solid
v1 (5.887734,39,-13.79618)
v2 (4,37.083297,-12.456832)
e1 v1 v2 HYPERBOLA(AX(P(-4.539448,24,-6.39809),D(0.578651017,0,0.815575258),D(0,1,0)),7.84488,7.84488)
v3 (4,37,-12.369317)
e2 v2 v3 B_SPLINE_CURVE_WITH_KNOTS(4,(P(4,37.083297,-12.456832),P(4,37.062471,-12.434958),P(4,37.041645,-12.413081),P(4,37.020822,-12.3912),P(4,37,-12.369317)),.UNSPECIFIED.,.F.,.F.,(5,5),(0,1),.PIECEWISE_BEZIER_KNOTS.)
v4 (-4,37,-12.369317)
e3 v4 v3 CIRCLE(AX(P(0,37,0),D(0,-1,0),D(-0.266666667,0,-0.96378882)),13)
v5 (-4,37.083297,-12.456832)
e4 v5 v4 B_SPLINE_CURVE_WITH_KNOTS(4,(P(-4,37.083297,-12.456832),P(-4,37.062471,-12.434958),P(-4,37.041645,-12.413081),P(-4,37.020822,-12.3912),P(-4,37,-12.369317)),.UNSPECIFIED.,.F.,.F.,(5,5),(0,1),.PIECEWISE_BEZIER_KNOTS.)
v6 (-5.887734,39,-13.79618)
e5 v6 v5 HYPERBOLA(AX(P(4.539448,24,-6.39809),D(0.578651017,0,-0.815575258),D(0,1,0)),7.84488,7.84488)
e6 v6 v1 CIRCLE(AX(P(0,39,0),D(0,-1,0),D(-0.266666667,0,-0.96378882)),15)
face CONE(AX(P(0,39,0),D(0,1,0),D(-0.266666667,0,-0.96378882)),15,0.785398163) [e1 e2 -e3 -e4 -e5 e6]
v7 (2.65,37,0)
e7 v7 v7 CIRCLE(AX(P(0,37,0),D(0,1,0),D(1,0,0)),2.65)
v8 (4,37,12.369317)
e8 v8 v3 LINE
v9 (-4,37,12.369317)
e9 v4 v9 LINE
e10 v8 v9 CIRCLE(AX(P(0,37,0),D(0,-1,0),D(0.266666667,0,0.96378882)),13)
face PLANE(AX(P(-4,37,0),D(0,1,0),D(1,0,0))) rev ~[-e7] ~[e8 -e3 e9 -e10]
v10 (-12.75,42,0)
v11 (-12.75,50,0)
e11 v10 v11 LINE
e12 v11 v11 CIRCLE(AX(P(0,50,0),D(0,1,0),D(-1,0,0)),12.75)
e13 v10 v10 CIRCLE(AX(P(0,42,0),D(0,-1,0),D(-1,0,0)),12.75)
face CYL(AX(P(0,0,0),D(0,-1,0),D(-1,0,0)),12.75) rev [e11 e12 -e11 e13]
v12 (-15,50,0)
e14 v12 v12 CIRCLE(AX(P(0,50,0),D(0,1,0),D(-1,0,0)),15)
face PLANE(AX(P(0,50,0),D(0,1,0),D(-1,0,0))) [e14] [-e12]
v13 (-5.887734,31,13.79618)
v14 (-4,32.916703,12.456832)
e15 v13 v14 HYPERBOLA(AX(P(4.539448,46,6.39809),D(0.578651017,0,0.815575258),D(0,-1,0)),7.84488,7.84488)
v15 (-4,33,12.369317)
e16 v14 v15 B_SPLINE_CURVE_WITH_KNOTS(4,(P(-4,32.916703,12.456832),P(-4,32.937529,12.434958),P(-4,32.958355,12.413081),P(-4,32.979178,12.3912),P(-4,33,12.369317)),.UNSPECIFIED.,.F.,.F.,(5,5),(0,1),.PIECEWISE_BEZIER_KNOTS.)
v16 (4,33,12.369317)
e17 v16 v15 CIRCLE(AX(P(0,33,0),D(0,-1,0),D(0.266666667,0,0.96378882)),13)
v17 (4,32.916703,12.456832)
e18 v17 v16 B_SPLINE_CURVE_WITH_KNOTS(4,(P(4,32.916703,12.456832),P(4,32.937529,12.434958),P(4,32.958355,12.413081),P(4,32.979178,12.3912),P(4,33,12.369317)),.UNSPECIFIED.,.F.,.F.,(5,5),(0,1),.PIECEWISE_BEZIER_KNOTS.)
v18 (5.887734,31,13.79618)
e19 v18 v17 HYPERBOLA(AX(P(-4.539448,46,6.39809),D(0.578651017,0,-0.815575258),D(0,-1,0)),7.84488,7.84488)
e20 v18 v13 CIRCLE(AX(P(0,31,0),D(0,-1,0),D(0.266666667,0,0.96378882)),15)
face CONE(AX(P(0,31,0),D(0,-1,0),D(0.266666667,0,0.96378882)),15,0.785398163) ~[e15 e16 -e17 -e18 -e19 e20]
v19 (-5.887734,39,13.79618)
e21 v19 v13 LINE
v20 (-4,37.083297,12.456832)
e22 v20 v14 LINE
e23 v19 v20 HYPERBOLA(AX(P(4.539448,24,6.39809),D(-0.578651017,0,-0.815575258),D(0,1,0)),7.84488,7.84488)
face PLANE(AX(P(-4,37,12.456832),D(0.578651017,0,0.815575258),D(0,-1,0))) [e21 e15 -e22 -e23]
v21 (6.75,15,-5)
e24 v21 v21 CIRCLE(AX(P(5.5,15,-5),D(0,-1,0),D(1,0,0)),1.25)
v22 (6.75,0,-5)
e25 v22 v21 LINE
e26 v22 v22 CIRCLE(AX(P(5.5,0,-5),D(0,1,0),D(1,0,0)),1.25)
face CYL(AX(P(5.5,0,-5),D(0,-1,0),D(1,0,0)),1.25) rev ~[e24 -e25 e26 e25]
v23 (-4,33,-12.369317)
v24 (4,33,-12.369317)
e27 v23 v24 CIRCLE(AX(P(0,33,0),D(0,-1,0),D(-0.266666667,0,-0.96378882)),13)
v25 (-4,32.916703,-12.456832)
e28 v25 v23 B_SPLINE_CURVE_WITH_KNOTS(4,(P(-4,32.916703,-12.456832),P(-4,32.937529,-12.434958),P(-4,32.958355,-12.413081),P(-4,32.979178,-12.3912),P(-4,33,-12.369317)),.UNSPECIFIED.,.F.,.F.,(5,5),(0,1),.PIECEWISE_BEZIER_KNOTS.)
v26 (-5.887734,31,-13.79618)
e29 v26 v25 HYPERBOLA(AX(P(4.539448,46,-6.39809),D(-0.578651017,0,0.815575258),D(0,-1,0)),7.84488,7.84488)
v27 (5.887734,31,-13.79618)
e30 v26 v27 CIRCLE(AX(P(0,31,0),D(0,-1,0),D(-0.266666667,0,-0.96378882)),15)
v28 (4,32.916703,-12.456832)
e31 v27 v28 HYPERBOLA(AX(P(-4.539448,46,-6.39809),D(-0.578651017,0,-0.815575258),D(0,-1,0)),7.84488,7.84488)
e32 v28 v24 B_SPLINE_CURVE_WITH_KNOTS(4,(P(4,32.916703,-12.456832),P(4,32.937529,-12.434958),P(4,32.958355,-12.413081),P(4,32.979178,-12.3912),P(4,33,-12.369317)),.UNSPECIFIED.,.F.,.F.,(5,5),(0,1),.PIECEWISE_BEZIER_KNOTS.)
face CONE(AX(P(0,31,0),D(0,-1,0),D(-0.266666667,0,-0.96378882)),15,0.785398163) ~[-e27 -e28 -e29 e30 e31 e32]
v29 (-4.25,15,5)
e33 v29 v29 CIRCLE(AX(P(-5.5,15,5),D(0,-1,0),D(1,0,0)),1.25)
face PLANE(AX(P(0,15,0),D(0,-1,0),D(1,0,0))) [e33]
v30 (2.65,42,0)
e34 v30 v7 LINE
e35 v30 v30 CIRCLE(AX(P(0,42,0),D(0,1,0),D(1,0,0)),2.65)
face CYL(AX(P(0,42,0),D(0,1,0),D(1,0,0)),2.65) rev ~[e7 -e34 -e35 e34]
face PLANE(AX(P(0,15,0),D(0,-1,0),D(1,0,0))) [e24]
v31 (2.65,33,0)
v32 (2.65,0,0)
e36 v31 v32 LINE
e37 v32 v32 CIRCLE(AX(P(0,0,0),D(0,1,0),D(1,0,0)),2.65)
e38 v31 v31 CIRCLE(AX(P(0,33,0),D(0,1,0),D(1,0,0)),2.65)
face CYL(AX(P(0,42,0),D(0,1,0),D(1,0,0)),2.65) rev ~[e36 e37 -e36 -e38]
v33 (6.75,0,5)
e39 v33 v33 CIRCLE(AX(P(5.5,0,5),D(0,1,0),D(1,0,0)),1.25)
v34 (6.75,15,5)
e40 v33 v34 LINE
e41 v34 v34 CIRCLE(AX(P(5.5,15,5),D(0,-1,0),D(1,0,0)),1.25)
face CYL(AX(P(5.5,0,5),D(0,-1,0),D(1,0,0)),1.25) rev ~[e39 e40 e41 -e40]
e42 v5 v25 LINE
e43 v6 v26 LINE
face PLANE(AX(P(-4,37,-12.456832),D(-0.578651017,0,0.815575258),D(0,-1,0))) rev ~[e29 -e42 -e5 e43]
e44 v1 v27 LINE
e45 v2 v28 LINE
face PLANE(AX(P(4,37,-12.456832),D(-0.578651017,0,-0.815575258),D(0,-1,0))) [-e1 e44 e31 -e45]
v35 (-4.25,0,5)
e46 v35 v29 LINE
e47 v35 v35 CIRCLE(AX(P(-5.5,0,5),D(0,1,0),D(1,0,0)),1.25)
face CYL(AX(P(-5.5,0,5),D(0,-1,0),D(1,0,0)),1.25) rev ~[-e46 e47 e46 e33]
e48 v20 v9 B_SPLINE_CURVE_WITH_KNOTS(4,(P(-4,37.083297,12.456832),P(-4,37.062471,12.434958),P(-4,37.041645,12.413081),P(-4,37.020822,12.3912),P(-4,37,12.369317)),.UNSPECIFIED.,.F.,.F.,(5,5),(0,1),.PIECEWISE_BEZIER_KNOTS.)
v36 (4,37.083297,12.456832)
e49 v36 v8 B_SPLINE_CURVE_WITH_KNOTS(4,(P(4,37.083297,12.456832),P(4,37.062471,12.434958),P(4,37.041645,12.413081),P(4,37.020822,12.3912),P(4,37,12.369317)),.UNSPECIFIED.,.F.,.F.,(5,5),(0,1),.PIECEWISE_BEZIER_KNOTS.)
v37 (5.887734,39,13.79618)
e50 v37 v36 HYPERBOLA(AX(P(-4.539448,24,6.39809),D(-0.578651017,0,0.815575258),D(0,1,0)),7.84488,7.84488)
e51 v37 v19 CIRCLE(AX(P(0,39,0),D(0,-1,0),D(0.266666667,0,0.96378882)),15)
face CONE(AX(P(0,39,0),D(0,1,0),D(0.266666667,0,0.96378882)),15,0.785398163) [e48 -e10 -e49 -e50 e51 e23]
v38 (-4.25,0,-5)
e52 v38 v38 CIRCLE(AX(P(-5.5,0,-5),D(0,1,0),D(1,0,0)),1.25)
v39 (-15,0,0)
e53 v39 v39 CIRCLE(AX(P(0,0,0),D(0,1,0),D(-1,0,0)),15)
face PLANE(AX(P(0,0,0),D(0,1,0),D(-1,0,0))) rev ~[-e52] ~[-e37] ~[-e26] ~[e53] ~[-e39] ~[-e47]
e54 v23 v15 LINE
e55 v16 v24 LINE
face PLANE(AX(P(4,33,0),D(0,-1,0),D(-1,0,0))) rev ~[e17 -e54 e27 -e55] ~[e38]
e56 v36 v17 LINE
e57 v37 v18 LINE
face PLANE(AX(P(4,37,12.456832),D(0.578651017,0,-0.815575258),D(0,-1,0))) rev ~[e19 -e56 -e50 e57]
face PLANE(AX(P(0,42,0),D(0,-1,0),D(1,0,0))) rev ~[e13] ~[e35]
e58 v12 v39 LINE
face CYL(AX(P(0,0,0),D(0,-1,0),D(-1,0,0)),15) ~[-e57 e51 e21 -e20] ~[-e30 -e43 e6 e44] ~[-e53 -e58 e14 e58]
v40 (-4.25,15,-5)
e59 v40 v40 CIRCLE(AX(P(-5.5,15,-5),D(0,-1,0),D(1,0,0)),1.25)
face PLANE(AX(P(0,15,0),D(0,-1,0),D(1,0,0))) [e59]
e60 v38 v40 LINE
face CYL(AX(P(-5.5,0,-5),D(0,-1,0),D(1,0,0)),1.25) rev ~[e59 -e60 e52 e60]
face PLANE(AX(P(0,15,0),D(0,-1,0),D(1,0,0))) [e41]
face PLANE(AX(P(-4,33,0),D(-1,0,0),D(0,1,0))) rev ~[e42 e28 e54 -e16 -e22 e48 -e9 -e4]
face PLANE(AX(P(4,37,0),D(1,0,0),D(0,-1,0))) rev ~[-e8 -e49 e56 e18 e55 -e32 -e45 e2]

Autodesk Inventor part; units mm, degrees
ref_plane "YZ Plane" through (0, 0, 0) normal (1, 0, 0) x (0, 1, 0)
ref_plane "XZ Plane" through (0, 0, 0) normal (0, 1, 0) x (-1, 0, 0)
ref_plane "XY Plane" through (0, 0, 0) normal (0, 0, 1) x (1, 0, 0)
sketch "Эскиз1" plane through (0, 0, 0) normal (0, 1, 0) x (-1, 0, 0)
  circle A0 centre (0, 0) radius 15
  circle A1 centre (0, 0) radius 12.75
  dimension "d0" = 30
  dimension "d1" = 25.5
extrude "Выдавливание1" add sketch "Эскиз1" along normal blind 50
sketch "Эскиз2" plane through (0, 0, 0) normal (0, -1, 0) x (1, 0, 0)
  circle A0 centre (0, 0) radius 15 projected
extrude "Выдавливание2" add sketch "Эскиз2" against normal blind 42
sketch "Эскиз3" plane through (0, 0, 0) normal (0, -1, 0) x (1, 0, 0)
  circle A0 centre (-5.5, -5) radius 1.25
  circle A1 centre (5.5, -5) radius 1.25
  circle A2 centre (-5.5, 5) radius 1.25
  circle A3 centre (5.5, 5) radius 1.25
  line L0 (5.5, 5) -> (-5.5, 5)
  line L1 (-5.5, 5) -> (-5.5, -5)
  line L2 (-5.5, -5) -> (5.5, -5)
  line L3 (5.5, -5) -> (5.5, 5)
  line L4 (5.5, -5) -> (-5.5, 5) construction
  point P0 (0, 0)
  point P1 (0, 0)
  dimension "d6" = 2.5
  dimension "d7" = 2.5
  dimension "d8" = 2.5
  dimension "d9" = 2.5
extrude "Выдавливание3" cut sketch "Эскиз3" against normal blind 15 contours L2 L1 A0 | A0 L1 L2 | L2 L3 A1 | A1 L3 L2 | L1 L0 A2 | A2 L0 L1 | L3 L0 A3 | A3 L0 L3
sketch "Эскиз4" plane through (0, 42, 0) normal (0, 1, 0) x (1, 0, 0)
  circle A0 centre (0, 0) radius 2.65
  dimension "d12" = 5.3
extrude "Выдавливание4" cut sketch "Эскиз4" against normal through all
sketch "Эскиз5" plane through (0, 0, 0) normal (0, 0, 1) x (1, 0, 0)
  line L0 (-4, 37) -> (4, 37)
  line L1 (4, 37) -> (4, 33)
  line L2 (4, 33) -> (-4, 33)
  line L3 (-4, 33) -> (-4, 37)
  line L4 (-4, 37) -> (4, 33) construction
  line L5 (4, 37) -> (-4, 33) construction
  point P0 (0, 0)
  point P1 (0, 35)
  dimension "d15" = 4
  dimension "d16" = 8
extrude "Выдавливание5" cut sketch "Эскиз5" along normal through all both and the other way through all
chamfer "Фаска1" distance 2 angle 45 8 edges at (0, 33, 15) (0, 33, -15) (-4, 35, 14.4568) (-4, 35, -14.4568) (0, 37, 15) (0, 37, -15) (4, 35, 14.4568) (4, 35, -14.4568)
properties part number "магнит_стойка"
